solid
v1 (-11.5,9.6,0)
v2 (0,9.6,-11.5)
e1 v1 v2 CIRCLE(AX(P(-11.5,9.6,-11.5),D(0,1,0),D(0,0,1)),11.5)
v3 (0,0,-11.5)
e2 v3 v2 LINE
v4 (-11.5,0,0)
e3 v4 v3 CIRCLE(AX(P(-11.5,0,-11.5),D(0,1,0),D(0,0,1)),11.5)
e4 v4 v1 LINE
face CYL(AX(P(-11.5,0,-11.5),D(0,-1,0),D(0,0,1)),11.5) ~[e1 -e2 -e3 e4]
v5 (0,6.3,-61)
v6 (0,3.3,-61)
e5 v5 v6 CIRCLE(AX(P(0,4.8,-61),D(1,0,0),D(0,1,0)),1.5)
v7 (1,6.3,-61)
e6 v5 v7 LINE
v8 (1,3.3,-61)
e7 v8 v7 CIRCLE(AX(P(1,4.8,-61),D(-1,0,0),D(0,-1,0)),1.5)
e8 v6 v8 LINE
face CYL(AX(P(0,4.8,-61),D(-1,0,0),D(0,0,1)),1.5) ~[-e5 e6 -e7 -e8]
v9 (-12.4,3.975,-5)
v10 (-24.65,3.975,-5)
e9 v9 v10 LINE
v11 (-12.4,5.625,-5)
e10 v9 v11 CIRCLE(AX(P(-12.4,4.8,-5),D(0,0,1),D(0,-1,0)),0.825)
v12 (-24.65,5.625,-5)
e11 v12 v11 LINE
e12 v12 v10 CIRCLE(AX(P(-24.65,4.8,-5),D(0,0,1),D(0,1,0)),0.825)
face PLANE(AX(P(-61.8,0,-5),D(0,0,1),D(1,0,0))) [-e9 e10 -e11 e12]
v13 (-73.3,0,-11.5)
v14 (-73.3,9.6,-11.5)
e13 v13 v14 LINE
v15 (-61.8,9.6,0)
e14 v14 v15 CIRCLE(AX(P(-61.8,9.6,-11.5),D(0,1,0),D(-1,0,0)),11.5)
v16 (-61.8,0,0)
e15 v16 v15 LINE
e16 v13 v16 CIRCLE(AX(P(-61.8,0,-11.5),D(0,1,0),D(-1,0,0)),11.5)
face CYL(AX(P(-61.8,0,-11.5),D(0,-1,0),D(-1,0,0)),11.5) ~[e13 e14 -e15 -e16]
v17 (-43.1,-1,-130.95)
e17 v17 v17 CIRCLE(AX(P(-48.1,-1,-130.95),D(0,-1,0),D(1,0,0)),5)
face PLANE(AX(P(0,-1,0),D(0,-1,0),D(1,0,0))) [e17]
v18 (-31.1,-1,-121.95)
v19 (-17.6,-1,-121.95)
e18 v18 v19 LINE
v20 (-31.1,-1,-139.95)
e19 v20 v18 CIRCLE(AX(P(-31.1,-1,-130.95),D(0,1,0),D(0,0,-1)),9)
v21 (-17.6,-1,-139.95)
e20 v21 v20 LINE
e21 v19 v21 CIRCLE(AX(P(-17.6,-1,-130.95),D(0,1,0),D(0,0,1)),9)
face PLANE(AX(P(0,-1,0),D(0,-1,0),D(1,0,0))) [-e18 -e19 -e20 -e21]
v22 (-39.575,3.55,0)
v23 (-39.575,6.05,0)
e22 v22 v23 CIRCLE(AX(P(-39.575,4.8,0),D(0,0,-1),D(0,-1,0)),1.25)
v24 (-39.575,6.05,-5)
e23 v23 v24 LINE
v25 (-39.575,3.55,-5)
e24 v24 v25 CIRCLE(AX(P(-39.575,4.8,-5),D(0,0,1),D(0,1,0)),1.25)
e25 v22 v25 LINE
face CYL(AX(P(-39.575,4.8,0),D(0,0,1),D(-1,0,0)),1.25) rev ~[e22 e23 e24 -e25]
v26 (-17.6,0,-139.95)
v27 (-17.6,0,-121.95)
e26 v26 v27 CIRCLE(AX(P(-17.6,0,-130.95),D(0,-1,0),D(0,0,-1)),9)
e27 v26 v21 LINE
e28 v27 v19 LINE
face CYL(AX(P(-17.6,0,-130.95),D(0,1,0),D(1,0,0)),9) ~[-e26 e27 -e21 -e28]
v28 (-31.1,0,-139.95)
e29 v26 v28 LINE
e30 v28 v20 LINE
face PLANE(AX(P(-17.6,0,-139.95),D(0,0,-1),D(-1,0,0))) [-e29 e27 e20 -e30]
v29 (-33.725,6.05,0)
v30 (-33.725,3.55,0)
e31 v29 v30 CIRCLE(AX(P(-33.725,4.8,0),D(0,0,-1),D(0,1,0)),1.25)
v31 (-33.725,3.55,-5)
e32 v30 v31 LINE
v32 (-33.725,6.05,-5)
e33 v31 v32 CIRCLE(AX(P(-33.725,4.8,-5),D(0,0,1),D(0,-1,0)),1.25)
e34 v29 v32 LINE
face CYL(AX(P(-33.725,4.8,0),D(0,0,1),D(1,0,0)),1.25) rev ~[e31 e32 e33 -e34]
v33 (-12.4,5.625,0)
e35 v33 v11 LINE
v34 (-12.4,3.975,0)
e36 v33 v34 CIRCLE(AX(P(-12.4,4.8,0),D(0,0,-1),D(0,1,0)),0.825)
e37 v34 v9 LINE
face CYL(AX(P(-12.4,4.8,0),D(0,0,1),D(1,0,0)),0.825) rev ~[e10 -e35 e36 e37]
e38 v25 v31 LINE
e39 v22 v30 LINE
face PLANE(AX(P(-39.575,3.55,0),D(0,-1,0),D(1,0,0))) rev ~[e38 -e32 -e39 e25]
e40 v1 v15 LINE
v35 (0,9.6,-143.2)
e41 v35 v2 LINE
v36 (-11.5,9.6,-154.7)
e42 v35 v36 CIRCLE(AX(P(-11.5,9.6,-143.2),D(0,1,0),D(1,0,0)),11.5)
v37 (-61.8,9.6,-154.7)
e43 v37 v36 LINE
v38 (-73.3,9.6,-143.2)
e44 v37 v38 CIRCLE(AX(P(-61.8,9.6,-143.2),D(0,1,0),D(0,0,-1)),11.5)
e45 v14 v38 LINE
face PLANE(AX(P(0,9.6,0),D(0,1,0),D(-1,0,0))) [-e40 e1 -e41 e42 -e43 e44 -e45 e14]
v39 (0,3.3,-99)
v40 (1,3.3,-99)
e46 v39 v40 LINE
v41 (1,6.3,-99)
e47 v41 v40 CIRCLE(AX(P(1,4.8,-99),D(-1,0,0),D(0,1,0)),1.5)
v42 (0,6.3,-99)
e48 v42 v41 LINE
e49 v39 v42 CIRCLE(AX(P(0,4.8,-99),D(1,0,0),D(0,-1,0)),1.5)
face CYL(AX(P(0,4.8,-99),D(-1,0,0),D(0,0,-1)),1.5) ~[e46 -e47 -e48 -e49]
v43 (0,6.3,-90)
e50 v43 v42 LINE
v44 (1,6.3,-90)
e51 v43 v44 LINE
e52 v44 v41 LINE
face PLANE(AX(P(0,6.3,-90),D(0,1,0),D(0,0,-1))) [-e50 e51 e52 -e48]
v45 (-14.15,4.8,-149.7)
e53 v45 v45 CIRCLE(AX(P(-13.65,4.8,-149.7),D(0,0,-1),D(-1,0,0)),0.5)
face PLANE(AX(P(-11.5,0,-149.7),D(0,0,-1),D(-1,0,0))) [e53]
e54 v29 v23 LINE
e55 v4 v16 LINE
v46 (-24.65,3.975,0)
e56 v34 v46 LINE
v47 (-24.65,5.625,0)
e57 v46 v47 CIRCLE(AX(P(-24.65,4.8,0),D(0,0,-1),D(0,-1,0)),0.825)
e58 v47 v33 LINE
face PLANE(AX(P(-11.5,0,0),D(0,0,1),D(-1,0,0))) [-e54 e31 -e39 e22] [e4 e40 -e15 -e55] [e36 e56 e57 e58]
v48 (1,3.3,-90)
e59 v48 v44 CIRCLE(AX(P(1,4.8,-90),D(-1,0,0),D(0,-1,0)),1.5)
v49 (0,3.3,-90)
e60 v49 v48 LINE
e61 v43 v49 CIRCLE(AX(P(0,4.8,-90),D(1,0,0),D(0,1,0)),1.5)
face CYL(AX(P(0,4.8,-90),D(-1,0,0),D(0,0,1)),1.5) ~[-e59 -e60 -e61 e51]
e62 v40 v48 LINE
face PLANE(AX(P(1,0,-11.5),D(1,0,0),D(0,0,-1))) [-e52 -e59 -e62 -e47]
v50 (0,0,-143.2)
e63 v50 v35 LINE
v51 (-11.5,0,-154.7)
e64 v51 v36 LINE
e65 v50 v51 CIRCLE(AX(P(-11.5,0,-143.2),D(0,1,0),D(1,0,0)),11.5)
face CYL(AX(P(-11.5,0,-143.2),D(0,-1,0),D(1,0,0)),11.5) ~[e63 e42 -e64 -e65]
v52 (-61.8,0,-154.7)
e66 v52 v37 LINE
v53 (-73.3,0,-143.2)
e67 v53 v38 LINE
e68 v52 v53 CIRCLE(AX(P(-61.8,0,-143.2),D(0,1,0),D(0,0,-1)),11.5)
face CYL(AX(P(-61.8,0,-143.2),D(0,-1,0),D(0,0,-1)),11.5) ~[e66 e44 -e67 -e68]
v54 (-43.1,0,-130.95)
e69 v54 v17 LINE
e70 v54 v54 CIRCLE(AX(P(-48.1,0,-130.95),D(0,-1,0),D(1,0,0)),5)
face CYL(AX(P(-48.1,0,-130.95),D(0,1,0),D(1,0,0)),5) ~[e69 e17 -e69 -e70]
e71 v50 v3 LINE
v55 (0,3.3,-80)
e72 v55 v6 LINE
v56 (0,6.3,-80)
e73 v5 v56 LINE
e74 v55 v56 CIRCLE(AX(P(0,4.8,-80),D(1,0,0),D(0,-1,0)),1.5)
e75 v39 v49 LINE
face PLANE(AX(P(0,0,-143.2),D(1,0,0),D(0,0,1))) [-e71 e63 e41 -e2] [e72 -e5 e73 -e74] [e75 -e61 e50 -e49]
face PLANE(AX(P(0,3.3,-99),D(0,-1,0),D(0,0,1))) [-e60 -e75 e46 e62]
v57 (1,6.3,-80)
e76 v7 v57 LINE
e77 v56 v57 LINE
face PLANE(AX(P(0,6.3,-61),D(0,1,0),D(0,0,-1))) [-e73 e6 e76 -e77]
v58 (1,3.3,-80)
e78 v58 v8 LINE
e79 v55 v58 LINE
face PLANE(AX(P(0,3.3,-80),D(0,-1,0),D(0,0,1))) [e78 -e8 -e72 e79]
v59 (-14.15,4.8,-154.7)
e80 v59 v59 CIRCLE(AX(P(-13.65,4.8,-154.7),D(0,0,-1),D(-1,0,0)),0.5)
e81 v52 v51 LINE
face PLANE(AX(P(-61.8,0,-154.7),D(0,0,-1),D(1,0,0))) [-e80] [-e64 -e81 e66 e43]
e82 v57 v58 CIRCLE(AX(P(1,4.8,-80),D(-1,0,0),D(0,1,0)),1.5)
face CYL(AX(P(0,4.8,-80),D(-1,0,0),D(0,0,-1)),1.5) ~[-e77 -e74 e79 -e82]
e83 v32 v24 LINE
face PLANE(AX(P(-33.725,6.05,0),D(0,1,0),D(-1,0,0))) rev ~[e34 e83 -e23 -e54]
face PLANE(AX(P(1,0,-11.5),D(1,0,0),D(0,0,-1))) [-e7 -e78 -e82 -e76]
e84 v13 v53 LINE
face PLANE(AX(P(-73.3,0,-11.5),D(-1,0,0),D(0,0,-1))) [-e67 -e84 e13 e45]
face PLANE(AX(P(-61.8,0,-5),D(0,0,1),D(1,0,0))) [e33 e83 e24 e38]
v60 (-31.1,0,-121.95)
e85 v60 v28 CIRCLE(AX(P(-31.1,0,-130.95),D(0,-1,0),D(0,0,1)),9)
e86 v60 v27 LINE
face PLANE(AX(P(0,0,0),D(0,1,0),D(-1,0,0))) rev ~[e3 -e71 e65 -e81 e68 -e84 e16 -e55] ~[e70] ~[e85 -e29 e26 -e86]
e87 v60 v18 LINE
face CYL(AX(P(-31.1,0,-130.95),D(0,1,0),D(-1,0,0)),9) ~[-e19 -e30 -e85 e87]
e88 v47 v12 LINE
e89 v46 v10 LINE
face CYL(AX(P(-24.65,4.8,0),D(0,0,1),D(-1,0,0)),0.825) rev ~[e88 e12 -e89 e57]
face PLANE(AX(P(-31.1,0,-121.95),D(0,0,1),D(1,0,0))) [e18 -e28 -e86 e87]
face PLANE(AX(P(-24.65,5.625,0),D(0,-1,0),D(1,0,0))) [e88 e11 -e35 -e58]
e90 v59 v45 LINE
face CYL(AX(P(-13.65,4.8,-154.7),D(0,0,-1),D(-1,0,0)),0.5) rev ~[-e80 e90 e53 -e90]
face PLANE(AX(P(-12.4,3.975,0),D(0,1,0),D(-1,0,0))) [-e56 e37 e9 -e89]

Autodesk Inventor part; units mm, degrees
ref_plane "YZ Plane" through (0, 0, 0) normal (1, 0, 0) x (0, 1, 0)
ref_plane "XZ Plane" through (0, 0, 0) normal (0, 1, 0) x (-1, 0, 0)
ref_plane "XY Plane" through (0, 0, 0) normal (0, 0, 1) x (1, 0, 0)
sketch "スケッチ1" plane through (0, 0, 0) normal (0, 1, 0) x (-1, 0, 0)
  line L0 (11.5, 0) -> (61.8, 0)
  line L1 (73.3, -11.5) -> (73.3, -143.2)
  line L2 (61.8, -154.7) -> (11.5, -154.7)
  line L3 (0, -143.2) -> (0, -11.5)
  arc A0 (73.3, -11.5) -> (61.8, 0) centre (61.8, -11.5) ccw
  arc A1 (11.5, 0) -> (0, -11.5) centre (11.5, -11.5) ccw
  arc A2 (0, -143.2) -> (11.5, -154.7) centre (11.5, -143.2) ccw
  arc A3 (61.8, -154.7) -> (73.3, -143.2) centre (61.8, -143.2) ccw
  point P0 (0, 0)
  point P1 (73.3, -154.7)
  point P2 (73.3, 0)
  point P3 (0, -154.7)
  dimension "d0" = 73.3
  dimension "d1" = 154.7
  dimension "d2" = 171.187
  dimension "d3" = 11.5
extrude "押し出し1" add sketch "スケッチ1" along normal blind 9.6
sketch "スケッチ2" plane through (-61.8, 0, 0) normal (0, 0, 1) x (1, 0, 0)
  line L0 (28.075, 6.05) -> (22.225, 6.05)
  line L1 (20.975, 4.8) -> (20.975, 4.8)
  line L2 (22.225, 3.55) -> (28.075, 3.55)
  line L3 (29.325, 4.8) -> (29.325, 4.8)
  line L4 (0, 9.6) -> (50.3, 9.6) projected
  line L5 (50.3, 0) -> (50.3, 9.6) projected
  arc A0 (22.225, 6.05) -> (20.975, 4.8) centre (22.225, 4.8) ccw
  arc A1 (20.975, 4.8) -> (22.225, 3.55) centre (22.225, 4.8) ccw
  arc A2 (28.075, 3.55) -> (29.325, 4.8) centre (28.075, 4.8) ccw
  arc A3 (29.325, 4.8) -> (28.075, 6.05) centre (28.075, 4.8) ccw
  line L6 (37.15, 5.625) -> (49.4, 5.625)
  line L7 (50.225, 4.8) -> (50.225, 4.8)
  line L8 (49.4, 3.975) -> (37.15, 3.975)
  line L9 (36.325, 4.8) -> (36.325, 4.8)
  arc A4 (50.225, 4.8) -> (49.4, 5.625) centre (49.4, 4.8) ccw
  arc A5 (49.4, 3.975) -> (50.225, 4.8) centre (49.4, 4.8) ccw
  arc A6 (37.15, 5.625) -> (36.325, 4.8) centre (37.15, 4.8) ccw
  arc A7 (36.325, 4.8) -> (37.15, 3.975) centre (37.15, 4.8) ccw
  point P0 (61.8, 0)
  point P1 (29.325, 6.05)
  point P2 (20.975, 3.55)
  point P3 (29.325, 3.55)
  point P4 (25.15, 6.05)
  point P5 (25.15, 9.6)
  point P6 (50.3, 4.8)
  point P7 (50.3, 4.8)
  point P8 (20.975, 4.8)
  point P9 (29.325, 4.8)
  point P10 (50.225, 3.975)
  point P11 (50.225, 5.625)
  point P12 (36.325, 3.975)
  point P13 (50.3, 4.8)
  point P14 (36.325, 4.8)
  point P15 (50.225, 4.8)
  dimension "d6" = 8.35
  dimension "d7" = 2.5
  dimension "d8" = 1.25
  dimension "d16" = 13.9
  dimension "d17" = 1.65
  dimension "d18" = 0.825
  dimension "d19" = 7
extrude "押し出し2" cut sketch "スケッチ2" against normal blind 5
sketch "スケッチ4" plane through (0, 0, -11.5) normal (1, 0, 0) x (0, 0, -1)
  line L0 (78.5, 6.3) -> (87.5, 6.3)
  line L1 (89, 4.8) -> (89, 4.8)
  line L2 (87.5, 3.3) -> (78.5, 3.3)
  line L3 (77, 4.8) -> (77, 4.8)
  line L4 (131.7, 0) -> (131.7, 9.6) projected
  arc A0 (78.5, 6.3) -> (77, 4.8) centre (78.5, 4.8) ccw
  arc A1 (77, 4.8) -> (78.5, 3.3) centre (78.5, 4.8) ccw
  arc A2 (87.5, 3.3) -> (89, 4.8) centre (87.5, 4.8) ccw
  arc A3 (89, 4.8) -> (87.5, 6.3) centre (87.5, 4.8) ccw
  line L5 (49.5, 6.3) -> (68.5, 6.3)
  line L6 (70, 4.8) -> (70, 4.8)
  line L7 (68.5, 3.3) -> (49.5, 3.3)
  line L8 (48, 4.8) -> (48, 4.8)
  arc A4 (49.5, 6.3) -> (48, 4.8) centre (49.5, 4.8) ccw
  arc A5 (48, 4.8) -> (49.5, 3.3) centre (49.5, 4.8) ccw
  arc A6 (70, 4.8) -> (68.5, 6.3) centre (68.5, 4.8) ccw
  arc A7 (68.5, 3.3) -> (70, 4.8) centre (68.5, 4.8) ccw
  point P0 (-11.5, 0)
  point P1 (89, 3.3)
  point P2 (89, 6.3)
  point P3 (77, 3.3)
  point P4 (89, 4.8)
  point P5 (131.7, 4.8)
  point P6 (70, 3.3)
  point P7 (70, 6.3)
  point P8 (48, 3.3)
  point P9 (48, 4.8)
  point P10 (70, 4.8)
  point P11 (77, 4.8)
  dimension "d20" = 12
  dimension "d21" = 3
  dimension "d22" = 42.7
  dimension "d23" = 1.5
  dimension "d24" = 22
  dimension "d25" = 7
  dimension "d26" = 3
  dimension "d27" = 1.5
extrude "押し出し3" add sketch "スケッチ4" along normal blind 1
sketch "スケッチ5" plane through (-11.5, 0, -154.7) normal (0, 0, -1) x (-1, 0, 0)
  circle A0 centre (2.15, 4.8) radius 0.5
  line L0 (0, 0) -> (0, 9.6) projected
  line L1 (0, 9.6) -> (50.3, 9.6) projected
  point P0 (-11.5, 0)
  point P1 (0, 4.8)
  point P2 (25.15, 9.6)
  dimension "d30" = 1
  dimension "d31" = 23
extrude "押し出し4" cut sketch "スケッチ5" against normal blind 5
sketch "スケッチ6" plane through (0, 0, 0) normal (0, -1, 0) x (1, 0, 0)
  line L0 (-17.6, -139.95) -> (-31.1, -139.95)
  line L1 (-40.1, -130.95) -> (-40.1, -130.95)
  line L2 (-31.1, -121.95) -> (-17.6, -121.95)
  line L3 (-8.6, -130.95) -> (-8.6, -130.95)
  line L4 (-11.5, -154.7) -> (-61.8, -154.7) projected
  line L5 (0, -11.5) -> (0, -143.2) projected
  arc A0 (-17.6, -139.95) -> (-8.6, -130.95) centre (-17.6, -130.95) ccw
  arc A1 (-8.6, -130.95) -> (-17.6, -121.95) centre (-17.6, -130.95) ccw
  arc A2 (-31.1, -121.95) -> (-40.1, -130.95) centre (-31.1, -130.95) ccw
  arc A3 (-40.1, -130.95) -> (-31.1, -139.95) centre (-31.1, -130.95) ccw
  circle A4 centre (-48.1, -130.95) radius 5
  point P0 (0, 0)
  point P1 (-40.1, -121.95)
  point P2 (-40.1, -139.95)
  point P3 (-8.6, -121.95)
  dimension "d34" = 31.5
  dimension "d35" = 18
  dimension "d36" = 14.75
  dimension "d37" = 8.6
  dimension "d38" = 9
  dimension "d41" = 10
  dimension "d43" = 8
extrude "押し出し5" add sketch "スケッチ6" along normal blind 1
properties part number "smartphone"
